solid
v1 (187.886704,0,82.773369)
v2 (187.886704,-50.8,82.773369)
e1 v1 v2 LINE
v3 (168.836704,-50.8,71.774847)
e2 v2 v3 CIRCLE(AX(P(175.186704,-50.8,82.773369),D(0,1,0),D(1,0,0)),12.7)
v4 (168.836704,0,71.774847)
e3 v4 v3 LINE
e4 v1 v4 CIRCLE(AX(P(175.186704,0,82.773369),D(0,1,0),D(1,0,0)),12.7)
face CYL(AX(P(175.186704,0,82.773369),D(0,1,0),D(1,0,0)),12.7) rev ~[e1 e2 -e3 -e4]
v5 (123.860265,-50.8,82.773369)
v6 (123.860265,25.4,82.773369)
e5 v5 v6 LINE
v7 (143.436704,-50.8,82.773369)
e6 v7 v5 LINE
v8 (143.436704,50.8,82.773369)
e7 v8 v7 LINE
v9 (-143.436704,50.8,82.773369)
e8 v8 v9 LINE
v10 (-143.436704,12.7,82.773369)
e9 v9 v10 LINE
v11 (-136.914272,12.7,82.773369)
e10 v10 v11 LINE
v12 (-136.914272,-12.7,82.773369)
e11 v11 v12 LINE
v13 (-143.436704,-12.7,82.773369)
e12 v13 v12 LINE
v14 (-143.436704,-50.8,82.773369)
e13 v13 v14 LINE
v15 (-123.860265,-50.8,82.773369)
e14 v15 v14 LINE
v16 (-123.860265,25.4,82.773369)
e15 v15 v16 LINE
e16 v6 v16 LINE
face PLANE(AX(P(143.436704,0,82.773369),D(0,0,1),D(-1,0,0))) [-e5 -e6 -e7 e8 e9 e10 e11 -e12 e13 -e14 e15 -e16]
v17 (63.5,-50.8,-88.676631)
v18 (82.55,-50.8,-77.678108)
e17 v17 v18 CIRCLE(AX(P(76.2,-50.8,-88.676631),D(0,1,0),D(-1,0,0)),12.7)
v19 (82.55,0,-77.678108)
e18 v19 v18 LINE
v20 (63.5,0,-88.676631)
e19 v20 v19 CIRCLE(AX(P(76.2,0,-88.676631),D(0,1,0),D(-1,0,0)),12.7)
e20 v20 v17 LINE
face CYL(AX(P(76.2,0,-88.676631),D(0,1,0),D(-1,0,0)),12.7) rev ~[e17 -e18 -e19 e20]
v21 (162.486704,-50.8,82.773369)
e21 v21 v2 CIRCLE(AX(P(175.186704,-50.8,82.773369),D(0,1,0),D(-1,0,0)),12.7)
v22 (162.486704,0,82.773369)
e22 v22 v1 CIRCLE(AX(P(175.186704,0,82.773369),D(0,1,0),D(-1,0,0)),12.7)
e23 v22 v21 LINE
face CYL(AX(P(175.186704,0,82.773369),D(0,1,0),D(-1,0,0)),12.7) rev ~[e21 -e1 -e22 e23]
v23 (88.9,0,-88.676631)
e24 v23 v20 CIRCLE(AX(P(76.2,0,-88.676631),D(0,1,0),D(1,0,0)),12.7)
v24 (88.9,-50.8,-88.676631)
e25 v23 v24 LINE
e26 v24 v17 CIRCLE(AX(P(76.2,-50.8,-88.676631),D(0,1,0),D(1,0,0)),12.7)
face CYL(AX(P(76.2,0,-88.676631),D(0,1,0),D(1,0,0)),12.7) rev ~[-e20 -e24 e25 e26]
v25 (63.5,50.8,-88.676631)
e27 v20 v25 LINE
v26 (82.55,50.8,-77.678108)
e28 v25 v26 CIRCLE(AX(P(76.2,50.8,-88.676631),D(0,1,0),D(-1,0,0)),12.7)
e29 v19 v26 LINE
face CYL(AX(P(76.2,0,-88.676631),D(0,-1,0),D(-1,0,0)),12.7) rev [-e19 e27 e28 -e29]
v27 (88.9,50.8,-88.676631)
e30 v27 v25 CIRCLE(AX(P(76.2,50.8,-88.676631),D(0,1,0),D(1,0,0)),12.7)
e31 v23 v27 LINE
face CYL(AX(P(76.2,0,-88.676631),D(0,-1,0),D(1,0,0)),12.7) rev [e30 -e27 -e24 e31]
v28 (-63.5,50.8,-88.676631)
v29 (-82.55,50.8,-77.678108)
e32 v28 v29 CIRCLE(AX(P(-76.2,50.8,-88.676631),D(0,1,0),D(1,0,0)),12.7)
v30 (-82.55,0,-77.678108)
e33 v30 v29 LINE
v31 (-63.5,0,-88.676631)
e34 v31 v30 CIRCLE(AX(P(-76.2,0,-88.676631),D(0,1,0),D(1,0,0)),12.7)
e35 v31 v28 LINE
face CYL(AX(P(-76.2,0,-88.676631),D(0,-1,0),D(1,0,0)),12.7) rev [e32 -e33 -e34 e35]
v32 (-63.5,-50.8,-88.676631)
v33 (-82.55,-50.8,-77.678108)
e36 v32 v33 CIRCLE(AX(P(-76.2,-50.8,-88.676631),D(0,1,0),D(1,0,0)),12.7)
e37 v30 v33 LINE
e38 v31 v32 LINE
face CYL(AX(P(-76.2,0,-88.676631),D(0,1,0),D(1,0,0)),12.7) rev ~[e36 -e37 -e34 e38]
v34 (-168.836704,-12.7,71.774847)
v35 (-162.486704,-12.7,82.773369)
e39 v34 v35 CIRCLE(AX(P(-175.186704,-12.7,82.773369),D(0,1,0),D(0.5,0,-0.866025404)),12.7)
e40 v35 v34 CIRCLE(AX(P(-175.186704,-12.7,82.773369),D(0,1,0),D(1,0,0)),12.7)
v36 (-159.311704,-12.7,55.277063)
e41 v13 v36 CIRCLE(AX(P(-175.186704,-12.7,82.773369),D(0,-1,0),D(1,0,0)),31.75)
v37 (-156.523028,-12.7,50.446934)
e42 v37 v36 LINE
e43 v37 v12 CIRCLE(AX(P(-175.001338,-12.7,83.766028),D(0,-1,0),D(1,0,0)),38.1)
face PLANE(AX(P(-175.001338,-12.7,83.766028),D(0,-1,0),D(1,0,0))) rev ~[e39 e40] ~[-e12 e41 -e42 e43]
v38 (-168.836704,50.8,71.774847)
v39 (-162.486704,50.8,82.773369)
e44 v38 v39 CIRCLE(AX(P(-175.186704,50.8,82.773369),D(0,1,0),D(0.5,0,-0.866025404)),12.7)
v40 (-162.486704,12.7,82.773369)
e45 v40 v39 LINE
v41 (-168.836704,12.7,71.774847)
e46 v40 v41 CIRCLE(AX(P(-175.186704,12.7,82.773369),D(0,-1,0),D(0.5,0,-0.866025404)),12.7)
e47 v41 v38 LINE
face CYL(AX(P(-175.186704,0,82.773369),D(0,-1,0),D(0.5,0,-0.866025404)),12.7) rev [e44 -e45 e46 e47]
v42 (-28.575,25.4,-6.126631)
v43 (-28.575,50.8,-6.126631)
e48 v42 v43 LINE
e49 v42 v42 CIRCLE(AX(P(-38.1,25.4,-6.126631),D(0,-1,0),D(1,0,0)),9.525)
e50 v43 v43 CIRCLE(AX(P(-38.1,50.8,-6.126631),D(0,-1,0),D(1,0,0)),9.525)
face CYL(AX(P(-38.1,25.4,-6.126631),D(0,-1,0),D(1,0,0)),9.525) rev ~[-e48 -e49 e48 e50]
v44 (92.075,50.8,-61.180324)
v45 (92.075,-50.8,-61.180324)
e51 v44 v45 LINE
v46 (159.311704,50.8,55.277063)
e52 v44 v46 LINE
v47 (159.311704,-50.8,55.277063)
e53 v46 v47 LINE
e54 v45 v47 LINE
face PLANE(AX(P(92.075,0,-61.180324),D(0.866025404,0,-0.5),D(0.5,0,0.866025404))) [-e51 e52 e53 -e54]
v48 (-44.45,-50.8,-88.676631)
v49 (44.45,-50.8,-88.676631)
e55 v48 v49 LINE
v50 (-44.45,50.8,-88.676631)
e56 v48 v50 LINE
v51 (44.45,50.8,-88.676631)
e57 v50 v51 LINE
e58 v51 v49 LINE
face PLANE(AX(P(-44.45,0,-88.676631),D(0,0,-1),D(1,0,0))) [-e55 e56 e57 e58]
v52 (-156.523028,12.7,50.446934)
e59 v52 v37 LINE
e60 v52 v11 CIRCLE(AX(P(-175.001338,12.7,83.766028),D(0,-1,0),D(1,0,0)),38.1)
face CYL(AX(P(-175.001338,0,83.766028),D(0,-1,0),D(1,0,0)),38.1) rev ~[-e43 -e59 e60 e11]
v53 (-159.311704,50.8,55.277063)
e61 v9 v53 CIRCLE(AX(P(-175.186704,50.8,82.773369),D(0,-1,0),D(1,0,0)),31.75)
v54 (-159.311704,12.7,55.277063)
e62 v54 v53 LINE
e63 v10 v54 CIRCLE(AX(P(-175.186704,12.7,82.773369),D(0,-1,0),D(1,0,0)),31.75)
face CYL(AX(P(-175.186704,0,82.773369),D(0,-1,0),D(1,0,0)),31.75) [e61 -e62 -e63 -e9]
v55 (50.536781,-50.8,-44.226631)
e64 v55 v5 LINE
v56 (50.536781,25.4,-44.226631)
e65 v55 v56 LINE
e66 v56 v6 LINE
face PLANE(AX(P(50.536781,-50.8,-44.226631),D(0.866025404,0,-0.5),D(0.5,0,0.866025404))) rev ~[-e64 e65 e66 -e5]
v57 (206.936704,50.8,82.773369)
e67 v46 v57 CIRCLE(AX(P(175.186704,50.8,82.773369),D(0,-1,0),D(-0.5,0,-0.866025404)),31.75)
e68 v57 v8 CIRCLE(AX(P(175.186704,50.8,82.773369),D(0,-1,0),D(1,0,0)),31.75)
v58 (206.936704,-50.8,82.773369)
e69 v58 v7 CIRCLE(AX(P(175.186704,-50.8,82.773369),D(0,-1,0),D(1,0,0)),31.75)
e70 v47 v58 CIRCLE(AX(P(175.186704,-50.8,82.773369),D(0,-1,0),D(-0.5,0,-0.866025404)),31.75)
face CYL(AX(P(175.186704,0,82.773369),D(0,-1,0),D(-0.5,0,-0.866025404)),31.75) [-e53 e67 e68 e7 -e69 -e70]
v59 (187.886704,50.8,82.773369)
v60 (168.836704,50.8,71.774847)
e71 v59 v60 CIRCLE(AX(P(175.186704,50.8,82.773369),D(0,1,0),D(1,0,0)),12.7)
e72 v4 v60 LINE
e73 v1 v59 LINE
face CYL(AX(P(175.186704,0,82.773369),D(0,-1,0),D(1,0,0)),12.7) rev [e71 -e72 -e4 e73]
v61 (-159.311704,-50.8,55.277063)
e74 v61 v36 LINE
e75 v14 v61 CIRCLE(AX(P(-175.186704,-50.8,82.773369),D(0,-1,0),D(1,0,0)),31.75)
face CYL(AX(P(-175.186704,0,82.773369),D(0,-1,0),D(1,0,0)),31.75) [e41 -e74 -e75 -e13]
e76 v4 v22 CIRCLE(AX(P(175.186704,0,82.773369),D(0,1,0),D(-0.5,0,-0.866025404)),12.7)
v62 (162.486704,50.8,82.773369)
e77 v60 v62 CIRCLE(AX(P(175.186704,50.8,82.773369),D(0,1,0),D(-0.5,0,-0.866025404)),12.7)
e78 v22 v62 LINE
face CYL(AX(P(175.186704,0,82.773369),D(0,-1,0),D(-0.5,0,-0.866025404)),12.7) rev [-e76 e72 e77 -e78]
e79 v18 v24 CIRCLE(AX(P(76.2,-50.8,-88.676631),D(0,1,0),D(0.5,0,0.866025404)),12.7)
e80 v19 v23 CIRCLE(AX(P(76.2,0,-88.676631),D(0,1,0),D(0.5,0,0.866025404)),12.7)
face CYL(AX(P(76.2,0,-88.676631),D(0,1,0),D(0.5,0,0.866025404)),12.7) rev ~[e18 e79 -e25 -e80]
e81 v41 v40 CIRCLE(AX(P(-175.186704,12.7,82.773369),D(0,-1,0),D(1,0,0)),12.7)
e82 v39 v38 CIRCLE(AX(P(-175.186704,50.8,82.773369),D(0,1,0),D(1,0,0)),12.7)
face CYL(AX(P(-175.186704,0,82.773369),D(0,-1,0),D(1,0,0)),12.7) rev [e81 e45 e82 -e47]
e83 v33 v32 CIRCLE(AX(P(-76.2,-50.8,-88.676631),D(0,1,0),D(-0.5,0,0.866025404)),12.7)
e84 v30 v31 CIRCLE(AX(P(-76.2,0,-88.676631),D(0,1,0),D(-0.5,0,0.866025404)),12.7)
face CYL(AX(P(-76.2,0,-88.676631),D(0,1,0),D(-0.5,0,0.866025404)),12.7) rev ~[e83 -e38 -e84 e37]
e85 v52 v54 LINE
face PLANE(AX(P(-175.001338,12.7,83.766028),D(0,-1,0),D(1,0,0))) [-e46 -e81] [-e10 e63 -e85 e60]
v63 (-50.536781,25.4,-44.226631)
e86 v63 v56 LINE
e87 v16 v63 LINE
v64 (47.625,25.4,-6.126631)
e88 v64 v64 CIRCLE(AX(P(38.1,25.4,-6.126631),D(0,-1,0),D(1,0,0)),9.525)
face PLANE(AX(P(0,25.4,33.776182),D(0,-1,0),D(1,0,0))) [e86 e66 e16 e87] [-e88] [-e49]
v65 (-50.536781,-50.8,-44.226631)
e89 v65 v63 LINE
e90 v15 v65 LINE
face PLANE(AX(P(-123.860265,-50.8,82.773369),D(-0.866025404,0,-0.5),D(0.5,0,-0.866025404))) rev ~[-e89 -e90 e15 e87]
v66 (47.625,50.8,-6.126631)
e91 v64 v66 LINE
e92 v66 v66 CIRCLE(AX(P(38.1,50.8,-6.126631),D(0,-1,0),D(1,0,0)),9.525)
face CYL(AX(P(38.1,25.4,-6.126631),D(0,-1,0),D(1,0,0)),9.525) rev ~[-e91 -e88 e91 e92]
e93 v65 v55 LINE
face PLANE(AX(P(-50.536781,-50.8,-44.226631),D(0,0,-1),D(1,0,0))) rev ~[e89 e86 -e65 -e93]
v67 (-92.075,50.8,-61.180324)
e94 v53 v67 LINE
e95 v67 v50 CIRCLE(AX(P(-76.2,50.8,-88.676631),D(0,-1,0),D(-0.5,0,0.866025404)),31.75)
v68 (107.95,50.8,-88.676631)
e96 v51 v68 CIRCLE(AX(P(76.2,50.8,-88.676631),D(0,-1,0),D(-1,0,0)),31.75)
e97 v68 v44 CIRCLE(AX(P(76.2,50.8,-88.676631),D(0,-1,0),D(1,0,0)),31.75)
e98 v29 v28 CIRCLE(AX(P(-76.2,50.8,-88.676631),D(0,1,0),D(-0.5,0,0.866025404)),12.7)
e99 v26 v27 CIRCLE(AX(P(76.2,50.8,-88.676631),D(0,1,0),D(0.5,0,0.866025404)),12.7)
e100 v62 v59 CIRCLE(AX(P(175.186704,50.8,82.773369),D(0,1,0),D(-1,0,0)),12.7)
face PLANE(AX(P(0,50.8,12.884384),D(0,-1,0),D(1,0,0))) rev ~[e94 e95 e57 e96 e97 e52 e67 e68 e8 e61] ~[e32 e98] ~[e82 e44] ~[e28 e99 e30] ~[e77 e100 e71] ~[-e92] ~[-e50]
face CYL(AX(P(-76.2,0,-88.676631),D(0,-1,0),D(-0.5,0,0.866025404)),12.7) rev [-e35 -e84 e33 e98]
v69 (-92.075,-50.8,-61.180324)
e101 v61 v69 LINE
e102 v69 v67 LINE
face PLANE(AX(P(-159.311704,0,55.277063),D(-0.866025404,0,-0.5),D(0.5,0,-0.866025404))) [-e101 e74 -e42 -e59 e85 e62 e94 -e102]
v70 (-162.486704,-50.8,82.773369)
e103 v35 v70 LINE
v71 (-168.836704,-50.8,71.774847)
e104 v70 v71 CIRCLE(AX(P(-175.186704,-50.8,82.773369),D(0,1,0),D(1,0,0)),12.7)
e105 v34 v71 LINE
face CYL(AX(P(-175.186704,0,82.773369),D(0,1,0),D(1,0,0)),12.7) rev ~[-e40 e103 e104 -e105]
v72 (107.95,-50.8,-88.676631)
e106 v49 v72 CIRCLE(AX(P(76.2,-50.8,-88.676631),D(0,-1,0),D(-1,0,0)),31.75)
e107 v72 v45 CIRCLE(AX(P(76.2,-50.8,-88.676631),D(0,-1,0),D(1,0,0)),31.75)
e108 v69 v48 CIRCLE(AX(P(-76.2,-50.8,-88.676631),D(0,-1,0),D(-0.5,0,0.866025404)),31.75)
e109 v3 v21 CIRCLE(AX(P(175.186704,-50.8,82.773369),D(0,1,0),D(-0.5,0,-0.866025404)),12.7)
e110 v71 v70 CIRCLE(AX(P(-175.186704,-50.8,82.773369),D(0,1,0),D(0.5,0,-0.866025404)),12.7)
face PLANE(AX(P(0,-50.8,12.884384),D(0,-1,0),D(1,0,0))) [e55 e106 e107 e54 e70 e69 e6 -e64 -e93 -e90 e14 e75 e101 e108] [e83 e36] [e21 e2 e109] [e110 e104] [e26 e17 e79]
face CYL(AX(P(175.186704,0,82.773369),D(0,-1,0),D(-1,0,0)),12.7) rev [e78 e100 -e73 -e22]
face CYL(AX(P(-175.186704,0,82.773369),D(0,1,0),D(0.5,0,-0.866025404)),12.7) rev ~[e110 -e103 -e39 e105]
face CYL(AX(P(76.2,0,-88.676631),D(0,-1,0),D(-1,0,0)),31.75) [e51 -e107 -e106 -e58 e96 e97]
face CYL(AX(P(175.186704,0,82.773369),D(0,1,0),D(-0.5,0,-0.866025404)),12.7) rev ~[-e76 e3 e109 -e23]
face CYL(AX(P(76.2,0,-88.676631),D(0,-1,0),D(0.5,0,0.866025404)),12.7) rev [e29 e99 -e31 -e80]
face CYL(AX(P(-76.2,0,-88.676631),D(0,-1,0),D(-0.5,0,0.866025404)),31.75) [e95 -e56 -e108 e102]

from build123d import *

# Parameters (mm, degrees)
F1_DEPTH = 50.8
F3_DEPTH = 76.2
F4_R     = 38.1
F5_DEPTH = 12.7
F6_R     = 9.525
F7_DEPTH = 25.401


with BuildPart() as f1:
    # F0 (on Front) → F1 (new body, symmetric)
    with BuildSketch(Plane.XZ):
        with BuildLine():
            ThreePointArc((-92.075, -61.1803239805), (-60.325, -61.1803239805), (-44.45, -88.6766305507))
            Line((-44.45, -88.6766305507), (44.45, -88.6766305507))
            ThreePointArc((44.45, -88.6766305507), (60.325, -61.1803239805), (92.075, -61.1803239805))
            Line((92.075, -61.1803239805), (159.3117036526, 55.2770628791))
            ThreePointArc((159.3117036526, 55.2770628791), (147.6903970824, 66.8983694493), (143.4367036526, 82.7733694493))
            Line((143.4367036526, 82.7733694493), (-143.4367036526, 82.7733694493))
            ThreePointArc((-143.4367036526, 82.7733694493), (-147.6903970824, 66.8983694493), (-159.3117036526, 55.2770628791))
            Line((-159.3117036526, 55.2770628791), (-92.075, -61.1803239805))
        make_face()
        with BuildLine():
            Line((-168.8367036526, 71.7748468212), (-159.3117036526, 55.2770628791))
            ThreePointArc((-159.3117036526, 55.2770628791), (-147.6903970824, 66.8983694493), (-143.4367036526, 82.7733694493))
            Line((-143.4367036526, 82.7733694493), (-162.4867036526, 82.7733694493))
            ThreePointArc((-162.4867036526, 82.7733694493), (-164.1881810245, 76.4233694493), (-168.8367036526, 71.7748468212))
        make_face()
        with BuildLine():
            ThreePointArc((-143.4367036526, 82.7733694493), (-202.6830102227, 98.6483694493), (-159.3117036526, 55.2770628791))
            Line((-159.3117036526, 55.2770628791), (-168.8367036526, 71.7748468212))
            ThreePointArc((-168.8367036526, 71.7748468212), (-186.1852262806, 89.1233694493), (-162.4867036526, 82.7733694493))
            Line((-162.4867036526, 82.7733694493), (-143.4367036526, 82.7733694493))
        make_face()
        with BuildLine():
            Line((168.8367036526, 71.7748468212), (159.3117036526, 55.2770628791))
            ThreePointArc((159.3117036526, 55.2770628791), (191.0617036526, 55.2770628791), (206.9367036526, 82.7733694493))
            ThreePointArc((206.9367036526, 82.7733694493), (175.1867036526, 114.5233694493), (143.4367036526, 82.7733694493))
            Line((143.4367036526, 82.7733694493), (162.4867036526, 82.7733694493))
            ThreePointArc((162.4867036526, 82.7733694493), (175.1867036526, 95.4733694493), (187.8867036526, 82.7733694493))
            ThreePointArc((187.8867036526, 82.7733694493), (181.5367036526, 71.7748468212), (168.8367036526, 71.7748468212))
        make_face()
        with BuildLine():
            ThreePointArc((143.4367036526, 82.7733694493), (147.6903970824, 66.8983694493), (159.3117036526, 55.2770628791))
            Line((159.3117036526, 55.2770628791), (168.8367036526, 71.7748468212))
            ThreePointArc((168.8367036526, 71.7748468212), (164.1881810245, 76.4233694493), (162.4867036526, 82.7733694493))
            Line((162.4867036526, 82.7733694493), (143.4367036526, 82.7733694493))
        make_face()
        with BuildLine():
            Line((63.5, -88.6766305507), (44.45, -88.6766305507))
            ThreePointArc((44.45, -88.6766305507), (76.2, -120.4266305507), (107.95, -88.6766305507))
            ThreePointArc((107.95, -88.6766305507), (103.6963065702, -72.8016305507), (92.075, -61.1803239805))
            Line((92.075, -61.1803239805), (82.55, -77.6781079226))
            ThreePointArc((82.55, -77.6781079226), (87.1985226281, -82.3266305507), (88.9, -88.6766305507))
            ThreePointArc((88.9, -88.6766305507), (76.2, -101.3766305507), (63.5, -88.6766305507))
        make_face()
        with BuildLine():
            ThreePointArc((92.075, -61.1803239805), (60.325, -61.1803239805), (44.45, -88.6766305507))
            Line((44.45, -88.6766305507), (63.5, -88.6766305507))
            ThreePointArc((63.5, -88.6766305507), (69.85, -77.6781079226), (82.55, -77.6781079226))
            Line((82.55, -77.6781079226), (92.075, -61.1803239805))
        make_face()
        with BuildLine():
            Line((-44.45, -88.6766305507), (-63.5, -88.6766305507))
            ThreePointArc((-63.5, -88.6766305507), (-82.55, -99.6751531788), (-82.55, -77.6781079226))
            Line((-82.55, -77.6781079226), (-92.075, -61.1803239805))
            ThreePointArc((-92.075, -61.1803239805), (-92.075, -116.1729371209), (-44.45, -88.6766305507))
        make_face()
        with BuildLine():
            ThreePointArc((-82.55, -77.6781079226), (-69.85, -77.6781079226), (-63.5, -88.6766305507))
            Line((-63.5, -88.6766305507), (-44.45, -88.6766305507))
            ThreePointArc((-44.45, -88.6766305507), (-60.325, -61.1803239805), (-92.075, -61.1803239805))
            Line((-92.075, -61.1803239805), (-82.55, -77.6781079226))
        make_face()
    extrude(amount=F1_DEPTH, both=True)

    # F2 (on face) → F3 (cut)
    with BuildSketch(Plane.XZ.offset(50.8)):
        Polygon((50.5367805345, -44.2266305507), (123.8602647216, 82.7733694493), (-123.8602647216, 82.7733694493), (-50.5367805345, -44.2266305507), align=None)
    extrude(amount=-F3_DEPTH, mode=Mode.SUBTRACT)

    # F4 (on Front) → F5 (cut, symmetric)
    with BuildSketch(Plane.XZ):
        with Locations((-175.0013381243, 83.766028285)):
            Circle(F4_R)
    extrude(amount=F5_DEPTH, both=True, mode=Mode.SUBTRACT)

    # F6 (on face) → F7 (cut, through all)
    with BuildSketch(Plane.XZ.offset(-25.4)):
        with Locations((-38.1, -6.1266305507)):
            Circle(F6_R)
        with Locations((38.1, -6.1266305507)):
            Circle(F6_R)
    extrude(amount=-F7_DEPTH, mode=Mode.SUBTRACT)


solid = f1.part
